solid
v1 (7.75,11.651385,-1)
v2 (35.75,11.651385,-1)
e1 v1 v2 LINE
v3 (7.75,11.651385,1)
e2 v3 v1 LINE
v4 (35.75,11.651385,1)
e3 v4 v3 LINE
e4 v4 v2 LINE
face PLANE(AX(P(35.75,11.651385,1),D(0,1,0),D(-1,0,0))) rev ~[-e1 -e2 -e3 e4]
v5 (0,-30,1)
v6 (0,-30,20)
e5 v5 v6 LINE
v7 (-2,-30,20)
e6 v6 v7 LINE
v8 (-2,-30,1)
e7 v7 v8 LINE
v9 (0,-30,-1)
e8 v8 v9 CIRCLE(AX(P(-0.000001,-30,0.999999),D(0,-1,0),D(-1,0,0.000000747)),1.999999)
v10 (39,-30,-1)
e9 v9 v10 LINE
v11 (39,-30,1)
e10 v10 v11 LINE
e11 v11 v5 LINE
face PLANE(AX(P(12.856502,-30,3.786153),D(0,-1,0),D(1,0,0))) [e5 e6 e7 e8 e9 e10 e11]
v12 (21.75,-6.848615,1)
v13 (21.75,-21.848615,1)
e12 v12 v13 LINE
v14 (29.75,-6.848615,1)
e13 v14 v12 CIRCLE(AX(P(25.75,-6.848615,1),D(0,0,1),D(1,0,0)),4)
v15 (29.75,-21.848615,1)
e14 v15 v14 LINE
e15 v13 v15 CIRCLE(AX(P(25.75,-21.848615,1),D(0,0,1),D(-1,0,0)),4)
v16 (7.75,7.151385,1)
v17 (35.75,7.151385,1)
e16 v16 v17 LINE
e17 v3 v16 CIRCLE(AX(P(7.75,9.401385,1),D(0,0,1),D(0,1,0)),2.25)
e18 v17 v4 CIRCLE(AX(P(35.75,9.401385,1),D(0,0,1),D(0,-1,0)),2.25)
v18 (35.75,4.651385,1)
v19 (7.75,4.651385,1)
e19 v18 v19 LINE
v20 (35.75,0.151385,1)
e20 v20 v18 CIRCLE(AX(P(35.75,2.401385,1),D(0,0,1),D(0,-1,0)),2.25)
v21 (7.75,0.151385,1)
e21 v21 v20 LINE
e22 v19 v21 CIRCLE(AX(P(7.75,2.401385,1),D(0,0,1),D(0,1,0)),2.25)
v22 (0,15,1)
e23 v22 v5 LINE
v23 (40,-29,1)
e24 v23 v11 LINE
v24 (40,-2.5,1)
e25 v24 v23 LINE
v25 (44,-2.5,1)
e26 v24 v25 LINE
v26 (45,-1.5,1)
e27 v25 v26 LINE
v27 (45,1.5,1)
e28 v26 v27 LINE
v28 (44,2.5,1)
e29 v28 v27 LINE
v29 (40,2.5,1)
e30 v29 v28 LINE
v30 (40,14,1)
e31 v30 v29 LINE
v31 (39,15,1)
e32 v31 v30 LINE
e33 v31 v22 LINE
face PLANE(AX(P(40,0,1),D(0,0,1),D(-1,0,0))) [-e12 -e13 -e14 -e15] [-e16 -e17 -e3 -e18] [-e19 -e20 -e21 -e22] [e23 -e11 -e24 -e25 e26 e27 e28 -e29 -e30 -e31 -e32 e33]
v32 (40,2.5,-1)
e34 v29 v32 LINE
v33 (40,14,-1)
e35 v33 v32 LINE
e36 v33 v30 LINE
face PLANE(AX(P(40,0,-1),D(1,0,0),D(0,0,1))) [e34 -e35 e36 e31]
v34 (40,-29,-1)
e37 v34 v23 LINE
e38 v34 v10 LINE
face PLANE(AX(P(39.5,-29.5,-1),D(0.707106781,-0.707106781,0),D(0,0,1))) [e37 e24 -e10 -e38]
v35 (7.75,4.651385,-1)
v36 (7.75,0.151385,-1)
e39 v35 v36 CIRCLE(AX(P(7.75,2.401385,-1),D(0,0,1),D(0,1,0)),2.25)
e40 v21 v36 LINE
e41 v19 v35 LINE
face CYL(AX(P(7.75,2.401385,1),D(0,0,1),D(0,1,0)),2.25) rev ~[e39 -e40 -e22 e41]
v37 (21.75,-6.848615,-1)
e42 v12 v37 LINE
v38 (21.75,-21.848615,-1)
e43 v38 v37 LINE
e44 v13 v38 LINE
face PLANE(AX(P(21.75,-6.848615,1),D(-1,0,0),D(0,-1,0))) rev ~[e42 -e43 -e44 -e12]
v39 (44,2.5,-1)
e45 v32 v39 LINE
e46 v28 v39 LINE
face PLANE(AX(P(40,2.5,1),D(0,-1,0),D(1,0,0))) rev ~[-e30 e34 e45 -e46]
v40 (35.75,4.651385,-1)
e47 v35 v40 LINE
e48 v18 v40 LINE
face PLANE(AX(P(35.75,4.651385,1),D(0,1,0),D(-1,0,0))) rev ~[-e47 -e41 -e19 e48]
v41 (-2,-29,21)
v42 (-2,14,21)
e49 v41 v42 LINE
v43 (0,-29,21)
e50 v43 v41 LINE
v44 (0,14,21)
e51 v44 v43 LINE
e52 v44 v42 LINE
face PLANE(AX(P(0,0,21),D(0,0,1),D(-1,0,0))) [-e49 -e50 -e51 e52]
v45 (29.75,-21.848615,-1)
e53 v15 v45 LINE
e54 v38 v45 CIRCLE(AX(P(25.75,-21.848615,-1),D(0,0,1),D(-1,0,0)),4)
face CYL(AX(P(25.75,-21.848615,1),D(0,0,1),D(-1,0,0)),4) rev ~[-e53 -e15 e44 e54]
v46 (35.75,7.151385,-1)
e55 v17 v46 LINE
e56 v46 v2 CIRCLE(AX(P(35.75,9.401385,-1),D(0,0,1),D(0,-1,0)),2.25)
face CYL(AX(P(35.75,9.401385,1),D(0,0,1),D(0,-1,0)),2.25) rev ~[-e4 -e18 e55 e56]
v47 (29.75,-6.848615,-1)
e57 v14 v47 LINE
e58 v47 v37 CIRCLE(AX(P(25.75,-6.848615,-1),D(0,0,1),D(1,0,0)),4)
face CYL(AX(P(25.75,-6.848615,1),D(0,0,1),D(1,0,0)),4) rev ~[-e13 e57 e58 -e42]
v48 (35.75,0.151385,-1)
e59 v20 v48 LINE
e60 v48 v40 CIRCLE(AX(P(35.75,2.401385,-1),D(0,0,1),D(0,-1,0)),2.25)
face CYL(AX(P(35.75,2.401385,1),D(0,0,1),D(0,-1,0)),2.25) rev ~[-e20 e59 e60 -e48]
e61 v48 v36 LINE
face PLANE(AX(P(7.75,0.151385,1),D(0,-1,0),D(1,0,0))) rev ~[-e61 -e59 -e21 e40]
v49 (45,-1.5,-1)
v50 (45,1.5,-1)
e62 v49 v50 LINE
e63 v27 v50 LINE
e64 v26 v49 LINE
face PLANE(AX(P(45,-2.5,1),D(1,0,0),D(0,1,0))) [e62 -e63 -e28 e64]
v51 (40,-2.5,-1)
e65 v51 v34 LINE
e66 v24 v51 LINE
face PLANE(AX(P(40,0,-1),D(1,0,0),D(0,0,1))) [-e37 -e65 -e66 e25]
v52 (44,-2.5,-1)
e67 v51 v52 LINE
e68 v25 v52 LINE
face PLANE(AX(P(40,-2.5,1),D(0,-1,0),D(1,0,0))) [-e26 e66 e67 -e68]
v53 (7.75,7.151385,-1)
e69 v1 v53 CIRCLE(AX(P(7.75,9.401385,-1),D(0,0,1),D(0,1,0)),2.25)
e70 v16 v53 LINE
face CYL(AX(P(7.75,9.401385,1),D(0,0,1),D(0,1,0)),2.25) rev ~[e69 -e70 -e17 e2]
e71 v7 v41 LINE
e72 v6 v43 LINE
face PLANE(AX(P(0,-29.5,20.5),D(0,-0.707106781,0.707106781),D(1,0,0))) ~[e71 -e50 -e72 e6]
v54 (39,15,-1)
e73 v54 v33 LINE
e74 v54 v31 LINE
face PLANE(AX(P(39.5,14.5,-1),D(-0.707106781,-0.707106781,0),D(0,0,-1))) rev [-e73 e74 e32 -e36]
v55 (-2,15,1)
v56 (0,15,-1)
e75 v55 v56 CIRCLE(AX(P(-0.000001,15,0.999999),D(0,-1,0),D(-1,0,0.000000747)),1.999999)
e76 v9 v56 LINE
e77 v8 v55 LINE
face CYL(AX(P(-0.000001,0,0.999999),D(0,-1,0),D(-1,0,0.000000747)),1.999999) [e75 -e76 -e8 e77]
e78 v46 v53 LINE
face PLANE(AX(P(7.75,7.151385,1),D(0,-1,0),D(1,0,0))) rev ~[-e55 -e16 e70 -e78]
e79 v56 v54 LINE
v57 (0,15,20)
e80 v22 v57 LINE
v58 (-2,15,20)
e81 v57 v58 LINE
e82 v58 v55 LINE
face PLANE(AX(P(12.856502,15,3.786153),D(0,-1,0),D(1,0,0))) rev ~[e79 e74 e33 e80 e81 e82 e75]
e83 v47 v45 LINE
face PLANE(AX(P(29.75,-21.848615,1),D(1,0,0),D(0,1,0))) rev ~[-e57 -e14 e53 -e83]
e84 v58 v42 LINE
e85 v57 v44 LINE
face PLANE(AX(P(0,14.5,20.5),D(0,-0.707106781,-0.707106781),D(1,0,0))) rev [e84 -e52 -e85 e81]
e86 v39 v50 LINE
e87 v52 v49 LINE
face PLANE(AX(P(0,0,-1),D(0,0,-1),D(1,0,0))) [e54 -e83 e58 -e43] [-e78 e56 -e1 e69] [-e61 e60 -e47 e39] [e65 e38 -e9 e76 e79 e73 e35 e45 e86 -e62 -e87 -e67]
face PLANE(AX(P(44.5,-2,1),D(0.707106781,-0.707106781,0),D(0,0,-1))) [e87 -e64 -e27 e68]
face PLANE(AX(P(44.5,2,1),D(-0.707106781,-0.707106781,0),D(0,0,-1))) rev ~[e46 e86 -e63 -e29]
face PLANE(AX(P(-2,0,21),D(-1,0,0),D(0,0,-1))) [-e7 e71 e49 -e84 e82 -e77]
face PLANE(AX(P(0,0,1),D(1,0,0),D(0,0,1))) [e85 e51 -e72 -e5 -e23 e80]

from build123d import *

# Parameters (mm, degrees)
F1_DEPTH      = 30
F1_DEPTH_BACK = 15
F3_DEPTH      = 25
F4_W          = 5
F4_H          = 5
F5_DEPTH      = 2
F6_SIZE2      = 1
F6_SIZE       = 1


with BuildPart() as f1:
    # F0 (on Front) → F1 (new body, two sides)
    with BuildSketch(Plane.XZ) as f1_sk:
        with BuildLine():
            Line((0, -1), (40, -1))
            Line((40, -1), (40, 1))
            Line((40, 1), (0, 1))
            Line((0, 1), (0, 21))
            Line((0, 21), (-2, 21))
            Line((-2, 21), (-2, 1))
            ThreePointArc((-2, 1), (-1.414214, -0.414214), (0, -1))
        make_face()
    extrude(amount=F1_DEPTH)
    extrude(f1_sk.sketch, amount=-F1_DEPTH_BACK)

    # F2 (on face) → F3 (cut)
    with BuildSketch(Plane.XY.offset(1)):
        with BuildLine():
            Line((35.75, 11.651385), (7.75, 11.651385))
            ThreePointArc((7.75, 11.651385), (5.5, 9.401385), (7.75, 7.151385))
            Line((7.75, 7.151385), (35.75, 7.151385))
            ThreePointArc((35.75, 7.151385), (38, 9.401385), (35.75, 11.651385))
        make_face()
        with BuildLine():
            Line((21.75, -6.848615), (21.75, -21.848615))
            ThreePointArc((21.75, -21.848615), (25.75, -25.848615), (29.75, -21.848615))
            Line((29.75, -21.848615), (29.75, -6.848615))
            ThreePointArc((29.75, -6.848615), (25.75, -2.848615), (21.75, -6.848615))
        make_face()
        with BuildLine():
            Line((35.75, 4.651385), (7.75, 4.651385))
            ThreePointArc((7.75, 4.651385), (5.5, 2.401385), (7.75, 0.151385))
            Line((7.75, 0.151385), (35.75, 0.151385))
            ThreePointArc((35.75, 0.151385), (38, 2.401385), (35.75, 4.651385))
        make_face()
    extrude(amount=-F3_DEPTH, mode=Mode.SUBTRACT)

    # F4 (on face) → F5 (join, through all)
    with BuildSketch(Plane.XY.offset(1)):
        with Locations((42.5, 0)):
            Rectangle(F4_W, F4_H)
    extrude(amount=-F5_DEPTH)

    # F6
    f6_edges = [f1.edges().sort_by_distance(p)[0] for p in [
        (-1, 15, 21),
        (-1, -30, 21),
        (40, -30, 0),
        (40, 15, 0),
        (45, 2.5, 0),
        (45, -2.5, 0),
    ]]
    chamfer(f6_edges, length=F6_SIZE, length2=F6_SIZE2)


solid = f1.part
